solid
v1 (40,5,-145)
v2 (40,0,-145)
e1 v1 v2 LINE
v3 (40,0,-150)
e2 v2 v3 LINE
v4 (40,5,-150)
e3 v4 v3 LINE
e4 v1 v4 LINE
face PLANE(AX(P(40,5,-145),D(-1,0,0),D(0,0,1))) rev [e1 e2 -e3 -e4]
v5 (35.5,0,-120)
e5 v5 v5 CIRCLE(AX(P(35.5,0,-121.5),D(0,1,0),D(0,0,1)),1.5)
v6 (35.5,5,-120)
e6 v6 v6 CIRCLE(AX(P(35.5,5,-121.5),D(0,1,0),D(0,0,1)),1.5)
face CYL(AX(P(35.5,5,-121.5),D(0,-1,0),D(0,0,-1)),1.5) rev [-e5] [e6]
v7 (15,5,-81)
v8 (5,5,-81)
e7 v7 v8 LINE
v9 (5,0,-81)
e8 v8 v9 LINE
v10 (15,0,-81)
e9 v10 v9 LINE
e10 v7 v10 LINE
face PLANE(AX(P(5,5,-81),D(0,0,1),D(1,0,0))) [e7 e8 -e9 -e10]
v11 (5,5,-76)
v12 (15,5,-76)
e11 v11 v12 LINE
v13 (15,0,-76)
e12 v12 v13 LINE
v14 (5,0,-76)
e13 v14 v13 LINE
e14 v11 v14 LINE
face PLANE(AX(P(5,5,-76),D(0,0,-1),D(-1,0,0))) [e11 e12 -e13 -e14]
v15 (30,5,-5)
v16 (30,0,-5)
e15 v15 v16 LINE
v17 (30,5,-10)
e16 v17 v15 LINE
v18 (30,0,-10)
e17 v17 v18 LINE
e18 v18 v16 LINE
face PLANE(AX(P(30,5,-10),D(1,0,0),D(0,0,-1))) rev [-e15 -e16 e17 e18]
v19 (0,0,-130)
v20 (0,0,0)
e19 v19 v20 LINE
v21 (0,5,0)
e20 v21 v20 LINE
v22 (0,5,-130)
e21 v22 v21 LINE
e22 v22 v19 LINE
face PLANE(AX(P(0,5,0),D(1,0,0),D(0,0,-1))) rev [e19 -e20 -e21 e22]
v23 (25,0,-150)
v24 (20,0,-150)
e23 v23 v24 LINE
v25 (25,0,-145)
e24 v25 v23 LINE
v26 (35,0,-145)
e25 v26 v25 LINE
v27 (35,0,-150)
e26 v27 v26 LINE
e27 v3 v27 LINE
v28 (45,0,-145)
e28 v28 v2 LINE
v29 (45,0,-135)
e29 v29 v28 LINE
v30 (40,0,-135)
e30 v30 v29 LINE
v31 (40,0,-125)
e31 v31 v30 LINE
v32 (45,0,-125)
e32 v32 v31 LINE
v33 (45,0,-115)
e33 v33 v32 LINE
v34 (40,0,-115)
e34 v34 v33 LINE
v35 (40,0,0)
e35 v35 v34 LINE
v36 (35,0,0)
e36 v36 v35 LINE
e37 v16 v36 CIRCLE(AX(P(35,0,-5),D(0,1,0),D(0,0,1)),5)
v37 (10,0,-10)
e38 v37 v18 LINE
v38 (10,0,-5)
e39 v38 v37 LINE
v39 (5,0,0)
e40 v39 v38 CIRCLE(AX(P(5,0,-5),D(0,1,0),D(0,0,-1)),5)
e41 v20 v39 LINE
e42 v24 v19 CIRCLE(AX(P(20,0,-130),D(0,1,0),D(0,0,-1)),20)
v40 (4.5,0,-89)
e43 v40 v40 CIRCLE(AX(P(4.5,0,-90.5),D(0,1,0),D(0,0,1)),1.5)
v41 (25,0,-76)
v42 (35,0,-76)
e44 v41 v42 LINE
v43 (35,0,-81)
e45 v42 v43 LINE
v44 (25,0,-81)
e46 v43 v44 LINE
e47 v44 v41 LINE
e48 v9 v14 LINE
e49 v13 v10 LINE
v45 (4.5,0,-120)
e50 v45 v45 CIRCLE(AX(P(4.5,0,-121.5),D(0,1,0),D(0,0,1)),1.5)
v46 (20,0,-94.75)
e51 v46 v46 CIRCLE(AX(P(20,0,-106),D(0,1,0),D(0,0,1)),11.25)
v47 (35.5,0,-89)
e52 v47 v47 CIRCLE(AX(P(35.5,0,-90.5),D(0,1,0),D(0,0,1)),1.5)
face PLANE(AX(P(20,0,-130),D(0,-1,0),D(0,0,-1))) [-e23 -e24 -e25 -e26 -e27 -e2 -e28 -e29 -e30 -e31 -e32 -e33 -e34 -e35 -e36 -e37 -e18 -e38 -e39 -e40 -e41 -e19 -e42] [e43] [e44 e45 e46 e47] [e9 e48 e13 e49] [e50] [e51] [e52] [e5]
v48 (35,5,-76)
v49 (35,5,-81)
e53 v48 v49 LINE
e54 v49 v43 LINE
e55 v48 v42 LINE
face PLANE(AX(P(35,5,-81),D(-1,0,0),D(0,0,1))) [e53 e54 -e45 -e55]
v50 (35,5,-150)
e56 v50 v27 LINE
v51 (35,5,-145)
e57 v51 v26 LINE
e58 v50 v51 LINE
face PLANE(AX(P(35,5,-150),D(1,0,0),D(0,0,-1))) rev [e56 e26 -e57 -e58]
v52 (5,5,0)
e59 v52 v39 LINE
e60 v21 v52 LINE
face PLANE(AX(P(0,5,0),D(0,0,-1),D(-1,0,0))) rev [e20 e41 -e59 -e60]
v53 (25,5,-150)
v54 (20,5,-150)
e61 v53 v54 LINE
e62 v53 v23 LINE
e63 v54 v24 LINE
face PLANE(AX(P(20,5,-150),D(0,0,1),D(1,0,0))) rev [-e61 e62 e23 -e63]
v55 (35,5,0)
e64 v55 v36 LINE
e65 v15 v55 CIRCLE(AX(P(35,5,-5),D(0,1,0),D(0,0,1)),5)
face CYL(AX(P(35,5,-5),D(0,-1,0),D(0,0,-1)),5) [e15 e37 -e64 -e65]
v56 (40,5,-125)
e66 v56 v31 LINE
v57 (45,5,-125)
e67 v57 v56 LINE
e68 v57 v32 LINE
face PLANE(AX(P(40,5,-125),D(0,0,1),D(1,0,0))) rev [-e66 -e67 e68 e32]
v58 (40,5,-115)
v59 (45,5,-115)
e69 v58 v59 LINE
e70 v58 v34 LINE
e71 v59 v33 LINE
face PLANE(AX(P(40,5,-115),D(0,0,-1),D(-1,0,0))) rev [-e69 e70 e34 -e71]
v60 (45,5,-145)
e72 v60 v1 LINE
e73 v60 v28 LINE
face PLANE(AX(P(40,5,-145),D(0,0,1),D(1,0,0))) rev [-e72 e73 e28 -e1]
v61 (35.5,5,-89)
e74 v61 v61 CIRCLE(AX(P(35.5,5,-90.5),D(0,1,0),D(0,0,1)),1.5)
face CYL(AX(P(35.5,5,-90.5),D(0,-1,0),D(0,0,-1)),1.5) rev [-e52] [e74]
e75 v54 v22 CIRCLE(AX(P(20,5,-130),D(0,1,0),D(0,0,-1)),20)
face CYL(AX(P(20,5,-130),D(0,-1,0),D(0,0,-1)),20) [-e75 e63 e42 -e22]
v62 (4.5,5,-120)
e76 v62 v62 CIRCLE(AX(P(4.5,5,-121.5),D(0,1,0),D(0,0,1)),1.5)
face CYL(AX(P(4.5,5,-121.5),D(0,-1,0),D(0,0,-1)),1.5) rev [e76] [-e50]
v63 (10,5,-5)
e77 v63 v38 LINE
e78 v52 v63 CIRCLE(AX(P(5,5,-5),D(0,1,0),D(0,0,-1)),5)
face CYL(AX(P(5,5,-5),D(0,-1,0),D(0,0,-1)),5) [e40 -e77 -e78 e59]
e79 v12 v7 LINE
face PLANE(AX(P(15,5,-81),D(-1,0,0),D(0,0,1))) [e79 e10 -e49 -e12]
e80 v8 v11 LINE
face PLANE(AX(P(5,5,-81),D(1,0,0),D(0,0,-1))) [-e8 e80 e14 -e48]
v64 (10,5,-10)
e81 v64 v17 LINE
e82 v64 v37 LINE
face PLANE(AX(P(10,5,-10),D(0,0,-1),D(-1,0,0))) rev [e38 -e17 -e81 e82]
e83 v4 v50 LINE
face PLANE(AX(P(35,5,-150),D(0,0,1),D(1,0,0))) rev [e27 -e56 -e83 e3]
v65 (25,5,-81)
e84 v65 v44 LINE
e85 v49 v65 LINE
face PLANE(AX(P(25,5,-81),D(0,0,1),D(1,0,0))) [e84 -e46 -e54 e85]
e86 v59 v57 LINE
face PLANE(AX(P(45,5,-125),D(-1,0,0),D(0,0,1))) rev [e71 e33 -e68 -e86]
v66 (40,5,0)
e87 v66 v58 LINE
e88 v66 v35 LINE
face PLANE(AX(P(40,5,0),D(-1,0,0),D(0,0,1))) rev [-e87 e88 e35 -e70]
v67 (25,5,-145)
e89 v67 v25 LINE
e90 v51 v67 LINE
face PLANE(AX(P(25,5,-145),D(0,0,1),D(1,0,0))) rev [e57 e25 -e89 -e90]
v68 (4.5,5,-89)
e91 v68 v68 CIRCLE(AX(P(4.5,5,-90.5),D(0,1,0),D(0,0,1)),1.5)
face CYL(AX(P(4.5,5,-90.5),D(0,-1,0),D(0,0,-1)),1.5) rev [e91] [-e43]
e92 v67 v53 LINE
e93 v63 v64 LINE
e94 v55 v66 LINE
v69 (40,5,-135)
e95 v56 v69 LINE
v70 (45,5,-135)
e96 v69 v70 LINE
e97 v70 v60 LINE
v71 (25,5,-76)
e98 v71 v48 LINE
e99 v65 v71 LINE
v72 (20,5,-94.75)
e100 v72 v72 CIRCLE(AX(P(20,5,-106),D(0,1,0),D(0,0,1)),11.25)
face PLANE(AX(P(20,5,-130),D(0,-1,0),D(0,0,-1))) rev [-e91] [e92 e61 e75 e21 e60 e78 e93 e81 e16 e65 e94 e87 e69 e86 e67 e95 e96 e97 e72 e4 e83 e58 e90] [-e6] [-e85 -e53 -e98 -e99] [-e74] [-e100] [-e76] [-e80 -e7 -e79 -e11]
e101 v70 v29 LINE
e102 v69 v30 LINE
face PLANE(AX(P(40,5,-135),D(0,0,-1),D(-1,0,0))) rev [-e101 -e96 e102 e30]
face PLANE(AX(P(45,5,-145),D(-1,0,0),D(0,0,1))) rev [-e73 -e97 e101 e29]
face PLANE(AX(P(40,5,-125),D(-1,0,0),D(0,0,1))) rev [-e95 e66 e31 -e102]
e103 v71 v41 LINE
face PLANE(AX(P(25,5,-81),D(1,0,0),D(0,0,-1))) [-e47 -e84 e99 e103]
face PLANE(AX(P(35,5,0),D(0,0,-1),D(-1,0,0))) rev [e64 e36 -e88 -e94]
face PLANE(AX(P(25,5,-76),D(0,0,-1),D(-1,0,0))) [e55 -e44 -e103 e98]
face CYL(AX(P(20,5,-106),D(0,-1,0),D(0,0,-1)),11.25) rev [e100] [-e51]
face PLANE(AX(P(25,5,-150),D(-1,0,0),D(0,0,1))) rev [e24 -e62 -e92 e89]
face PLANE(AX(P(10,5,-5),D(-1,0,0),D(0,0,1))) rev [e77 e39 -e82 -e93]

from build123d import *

# Parameters (mm, degrees)
SKETCH_1_R      = 11.25
SKETCH_1_R_2    = 1.5
SKETCH_1_W      = 10
SKETCH_1_H      = 5
EXTRUDE_2_DEPTH = 5


with BuildPart() as part:
    # 草图1 → 凸台-拉伸2 (new body)
    with BuildSketch(Plane(origin=(0, 0, 0), x_dir=(1, 0, 0), z_dir=(0, 1, 0))):
        with BuildLine():
            Line((10, 5), (10, 10))
            Line((10, 10), (30, 10))
            Line((30, 10), (30, 5))
            ThreePointArc((30, 5), (31.464466094, 1.464466094), (35, 0))
            Line((35, 0), (40, 0))
            Line((40, 0), (40, 115))
            Line((40, 115), (45, 115))
            Line((45, 115), (45, 125))
            Line((45, 125), (40, 125))
            Line((40, 125), (40, 135))
            Line((40, 135), (45, 135))
            Line((45, 135), (45, 145))
            Line((45, 145), (40, 145))
            Line((40, 145), (40, 150))
            Line((40, 150), (35, 150))
            Line((35, 150), (35, 145))
            Line((35, 145), (25, 145))
            Line((25, 145), (25, 150))
            Line((25, 150), (20, 150))
            ThreePointArc((20, 150), (5.857864376, 144.142135624), (0, 130))
            Line((0, 130), (0, 0))
            Line((0, 0), (5, 0))
            ThreePointArc((5, 0), (8.535533906, 1.464466094), (10, 5))
        make_face()
        with Locations(Location((20, 106, 0), (0, 0, 270))):
            Circle(SKETCH_1_R, mode=Mode.SUBTRACT)
        with Locations(Location((4.5, 121.5, 0), (0, 0, 270))):
            Circle(SKETCH_1_R_2, mode=Mode.SUBTRACT)
        with Locations(Location((35.5, 121.5, 0), (0, 0, 270))):
            Circle(SKETCH_1_R_2, mode=Mode.SUBTRACT)
        with Locations(Location((4.5, 90.5, 0), (0, 0, 270))):
            Circle(SKETCH_1_R_2, mode=Mode.SUBTRACT)
        with Locations(Location((35.5, 90.5, 0), (0, 0, 270))):
            Circle(SKETCH_1_R_2, mode=Mode.SUBTRACT)
        with Locations((10, 78.5)):
            Rectangle(SKETCH_1_W, SKETCH_1_H, mode=Mode.SUBTRACT)
        with Locations((30, 78.5)):
            Rectangle(SKETCH_1_W, SKETCH_1_H, mode=Mode.SUBTRACT)
    extrude(amount=EXTRUDE_2_DEPTH)


solid = part.part
